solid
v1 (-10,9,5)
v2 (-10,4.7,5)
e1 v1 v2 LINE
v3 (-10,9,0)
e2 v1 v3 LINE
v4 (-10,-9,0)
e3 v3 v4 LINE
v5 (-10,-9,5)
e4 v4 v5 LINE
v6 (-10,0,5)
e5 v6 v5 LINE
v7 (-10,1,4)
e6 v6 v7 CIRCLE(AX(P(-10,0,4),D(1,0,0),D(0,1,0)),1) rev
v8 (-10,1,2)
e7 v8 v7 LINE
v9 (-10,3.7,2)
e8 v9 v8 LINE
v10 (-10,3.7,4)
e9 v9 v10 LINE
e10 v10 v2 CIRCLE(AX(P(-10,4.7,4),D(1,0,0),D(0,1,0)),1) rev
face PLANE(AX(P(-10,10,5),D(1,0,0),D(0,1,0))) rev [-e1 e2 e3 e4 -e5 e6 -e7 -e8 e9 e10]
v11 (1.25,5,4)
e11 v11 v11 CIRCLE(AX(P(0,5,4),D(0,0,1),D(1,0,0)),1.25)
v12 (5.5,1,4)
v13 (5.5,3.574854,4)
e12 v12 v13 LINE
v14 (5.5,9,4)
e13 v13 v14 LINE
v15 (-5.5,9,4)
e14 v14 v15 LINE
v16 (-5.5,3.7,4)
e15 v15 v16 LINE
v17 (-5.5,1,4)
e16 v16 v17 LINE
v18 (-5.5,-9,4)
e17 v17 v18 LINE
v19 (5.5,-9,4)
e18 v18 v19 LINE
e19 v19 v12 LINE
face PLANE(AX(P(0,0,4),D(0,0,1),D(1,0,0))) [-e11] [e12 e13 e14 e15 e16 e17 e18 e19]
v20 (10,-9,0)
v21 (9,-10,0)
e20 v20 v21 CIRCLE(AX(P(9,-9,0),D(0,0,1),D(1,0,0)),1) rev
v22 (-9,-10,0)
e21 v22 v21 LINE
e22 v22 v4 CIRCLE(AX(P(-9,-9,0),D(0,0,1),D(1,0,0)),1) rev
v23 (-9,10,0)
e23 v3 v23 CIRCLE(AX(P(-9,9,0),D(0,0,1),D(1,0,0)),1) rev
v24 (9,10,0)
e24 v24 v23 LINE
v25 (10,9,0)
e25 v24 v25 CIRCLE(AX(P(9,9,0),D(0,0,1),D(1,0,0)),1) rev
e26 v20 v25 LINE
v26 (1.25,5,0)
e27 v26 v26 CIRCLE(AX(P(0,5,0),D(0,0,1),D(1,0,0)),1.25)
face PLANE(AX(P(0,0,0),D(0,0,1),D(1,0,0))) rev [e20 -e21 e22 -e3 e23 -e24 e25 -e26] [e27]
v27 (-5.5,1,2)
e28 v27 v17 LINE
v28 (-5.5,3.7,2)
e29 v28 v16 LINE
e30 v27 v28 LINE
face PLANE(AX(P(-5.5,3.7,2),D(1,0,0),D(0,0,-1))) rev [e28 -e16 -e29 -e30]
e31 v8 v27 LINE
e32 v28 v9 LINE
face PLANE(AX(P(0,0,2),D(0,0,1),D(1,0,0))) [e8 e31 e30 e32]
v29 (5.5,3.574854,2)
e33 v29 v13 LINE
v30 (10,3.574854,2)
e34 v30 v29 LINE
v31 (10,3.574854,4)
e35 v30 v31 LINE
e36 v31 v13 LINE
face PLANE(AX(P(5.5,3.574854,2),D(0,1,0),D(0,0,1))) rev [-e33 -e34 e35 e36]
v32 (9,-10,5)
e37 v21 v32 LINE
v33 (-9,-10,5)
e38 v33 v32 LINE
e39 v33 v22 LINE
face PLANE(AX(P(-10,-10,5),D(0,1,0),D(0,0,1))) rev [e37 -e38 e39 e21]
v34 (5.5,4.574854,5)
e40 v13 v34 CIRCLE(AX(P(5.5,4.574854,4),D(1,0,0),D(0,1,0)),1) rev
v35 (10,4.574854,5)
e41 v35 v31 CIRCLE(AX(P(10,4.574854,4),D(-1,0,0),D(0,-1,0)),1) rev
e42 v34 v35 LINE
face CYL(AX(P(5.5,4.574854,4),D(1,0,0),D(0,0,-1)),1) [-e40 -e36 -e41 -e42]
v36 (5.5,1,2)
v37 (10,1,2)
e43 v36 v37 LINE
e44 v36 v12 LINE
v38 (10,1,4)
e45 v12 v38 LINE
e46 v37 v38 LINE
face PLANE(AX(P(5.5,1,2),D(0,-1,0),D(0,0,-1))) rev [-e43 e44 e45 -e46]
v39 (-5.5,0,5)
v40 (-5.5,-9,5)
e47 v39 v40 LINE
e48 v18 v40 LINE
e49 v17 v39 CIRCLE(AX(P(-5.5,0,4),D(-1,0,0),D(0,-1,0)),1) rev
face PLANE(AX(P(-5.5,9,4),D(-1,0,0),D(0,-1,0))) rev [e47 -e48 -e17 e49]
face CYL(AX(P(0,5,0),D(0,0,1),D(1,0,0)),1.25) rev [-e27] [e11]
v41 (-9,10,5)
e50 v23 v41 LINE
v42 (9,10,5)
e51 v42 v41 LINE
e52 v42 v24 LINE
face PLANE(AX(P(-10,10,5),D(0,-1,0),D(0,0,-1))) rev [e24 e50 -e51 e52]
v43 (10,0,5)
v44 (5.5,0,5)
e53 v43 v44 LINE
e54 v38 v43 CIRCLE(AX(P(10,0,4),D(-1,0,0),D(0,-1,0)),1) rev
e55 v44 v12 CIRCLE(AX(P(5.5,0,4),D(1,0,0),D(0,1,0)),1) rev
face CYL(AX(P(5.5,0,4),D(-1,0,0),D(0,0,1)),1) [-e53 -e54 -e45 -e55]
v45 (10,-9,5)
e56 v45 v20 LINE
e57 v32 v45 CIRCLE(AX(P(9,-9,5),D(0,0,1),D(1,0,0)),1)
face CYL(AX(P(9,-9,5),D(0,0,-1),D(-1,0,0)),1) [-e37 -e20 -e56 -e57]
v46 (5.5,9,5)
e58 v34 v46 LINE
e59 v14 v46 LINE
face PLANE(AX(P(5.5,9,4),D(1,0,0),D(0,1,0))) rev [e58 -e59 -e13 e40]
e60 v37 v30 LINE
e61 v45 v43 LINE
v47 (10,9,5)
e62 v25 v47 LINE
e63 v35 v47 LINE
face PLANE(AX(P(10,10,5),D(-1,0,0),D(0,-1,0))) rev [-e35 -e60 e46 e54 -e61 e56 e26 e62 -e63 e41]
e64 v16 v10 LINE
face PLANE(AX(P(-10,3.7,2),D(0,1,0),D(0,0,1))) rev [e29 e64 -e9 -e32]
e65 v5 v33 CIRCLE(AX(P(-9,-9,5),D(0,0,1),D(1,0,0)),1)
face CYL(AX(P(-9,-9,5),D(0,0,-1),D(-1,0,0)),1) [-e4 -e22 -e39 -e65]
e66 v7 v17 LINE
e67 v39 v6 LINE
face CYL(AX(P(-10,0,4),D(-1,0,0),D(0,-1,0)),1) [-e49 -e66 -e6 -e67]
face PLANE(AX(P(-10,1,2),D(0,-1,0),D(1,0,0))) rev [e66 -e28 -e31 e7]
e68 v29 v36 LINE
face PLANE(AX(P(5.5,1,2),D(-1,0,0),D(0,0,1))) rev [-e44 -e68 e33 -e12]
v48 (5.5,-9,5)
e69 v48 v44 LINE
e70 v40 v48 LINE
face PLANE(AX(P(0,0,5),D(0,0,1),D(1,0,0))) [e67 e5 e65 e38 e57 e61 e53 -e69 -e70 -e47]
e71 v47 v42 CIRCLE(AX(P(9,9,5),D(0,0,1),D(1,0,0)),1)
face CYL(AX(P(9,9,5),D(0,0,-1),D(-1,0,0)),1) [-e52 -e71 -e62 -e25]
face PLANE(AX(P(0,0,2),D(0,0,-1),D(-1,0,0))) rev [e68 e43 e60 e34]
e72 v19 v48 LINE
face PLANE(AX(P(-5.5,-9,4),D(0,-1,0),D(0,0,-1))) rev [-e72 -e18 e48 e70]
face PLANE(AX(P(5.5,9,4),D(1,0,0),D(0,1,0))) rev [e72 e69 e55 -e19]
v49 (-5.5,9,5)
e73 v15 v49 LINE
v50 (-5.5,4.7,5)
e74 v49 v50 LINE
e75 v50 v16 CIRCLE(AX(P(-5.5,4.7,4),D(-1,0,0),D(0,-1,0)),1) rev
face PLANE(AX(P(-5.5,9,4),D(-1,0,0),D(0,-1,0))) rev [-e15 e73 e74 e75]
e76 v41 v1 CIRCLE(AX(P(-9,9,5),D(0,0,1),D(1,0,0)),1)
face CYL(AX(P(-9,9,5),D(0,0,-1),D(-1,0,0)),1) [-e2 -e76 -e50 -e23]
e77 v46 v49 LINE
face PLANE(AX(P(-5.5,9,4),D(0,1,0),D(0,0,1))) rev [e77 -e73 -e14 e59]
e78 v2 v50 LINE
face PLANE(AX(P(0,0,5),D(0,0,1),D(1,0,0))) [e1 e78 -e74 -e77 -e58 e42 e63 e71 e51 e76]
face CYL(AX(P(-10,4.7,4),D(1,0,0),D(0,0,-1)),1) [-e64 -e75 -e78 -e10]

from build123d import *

# Parameters (mm, degrees)
SKETCH_1_W          = 20
SKETCH_1_H          = 20
EXTRUDE_1_DEPTH     = 5
SKETCH_2_W          = 11
SKETCH_2_H          = 18
SKETCH_2_R          = 1.25
CUT_EXTRUDE_1_DEPTH = 1
SKETCH_2_2_R        = 1.25
CUT_EXTRUDE_2_DEPTH = 6
SKETCH_3_W          = 4.5
SKETCH_3_H          = 2.7
SKETCH_3_H_2        = 2.574853583
CUT_EXTRUDE_3_DEPTH = 3
FILLET_1_R          = 1


with BuildPart() as part:
    # Эскиз1 → Бобышка-Вытянуть1 (new body)
    with BuildSketch(Plane.XY):
        Rectangle(SKETCH_1_W, SKETCH_1_H)
    extrude(amount=EXTRUDE_1_DEPTH)

    # Эскиз2 → Вырез-Вытянуть1 (cut)
    with BuildSketch(Plane.XY.offset(5)):
        Rectangle(SKETCH_2_W, SKETCH_2_H)
        with Locations((0, 5)):
            Circle(SKETCH_2_R, mode=Mode.SUBTRACT)
    extrude(amount=-CUT_EXTRUDE_1_DEPTH, mode=Mode.SUBTRACT)

    # Эскиз2<2> → Вырез-Вытянуть2 (cut, through all)
    with BuildSketch(Plane.XY.offset(5)):
        with Locations((0, 5)):
            Circle(SKETCH_2_2_R)
    extrude(amount=-CUT_EXTRUDE_2_DEPTH, mode=Mode.SUBTRACT)

    # Эскиз3 → Вырез-Вытянуть3 (cut)
    with BuildSketch(Plane.XY.offset(5)):
        with Locations((-7.75, 2.35)):
            Rectangle(SKETCH_3_W, SKETCH_3_H)
        with Locations((7.75, 2.287426792)):
            Rectangle(SKETCH_3_W, SKETCH_3_H_2)
    extrude(amount=-CUT_EXTRUDE_3_DEPTH, mode=Mode.SUBTRACT)

    # Скругление1
    fillet_1_edges = [part.edges().sort_by_distance(p)[0] for p in [
        (7.75, 1, 5),
        (7.75, 3.574853583, 5),
        (-7.75, 1, 5),
        (-7.75, 3.7, 5),
        (-10, -10, 2.5),
        (10, -10, 2.5),
        (10, 10, 2.5),
        (-10, 10, 2.5),
    ]]
    fillet(fillet_1_edges, radius=FILLET_1_R)


solid = part.part
